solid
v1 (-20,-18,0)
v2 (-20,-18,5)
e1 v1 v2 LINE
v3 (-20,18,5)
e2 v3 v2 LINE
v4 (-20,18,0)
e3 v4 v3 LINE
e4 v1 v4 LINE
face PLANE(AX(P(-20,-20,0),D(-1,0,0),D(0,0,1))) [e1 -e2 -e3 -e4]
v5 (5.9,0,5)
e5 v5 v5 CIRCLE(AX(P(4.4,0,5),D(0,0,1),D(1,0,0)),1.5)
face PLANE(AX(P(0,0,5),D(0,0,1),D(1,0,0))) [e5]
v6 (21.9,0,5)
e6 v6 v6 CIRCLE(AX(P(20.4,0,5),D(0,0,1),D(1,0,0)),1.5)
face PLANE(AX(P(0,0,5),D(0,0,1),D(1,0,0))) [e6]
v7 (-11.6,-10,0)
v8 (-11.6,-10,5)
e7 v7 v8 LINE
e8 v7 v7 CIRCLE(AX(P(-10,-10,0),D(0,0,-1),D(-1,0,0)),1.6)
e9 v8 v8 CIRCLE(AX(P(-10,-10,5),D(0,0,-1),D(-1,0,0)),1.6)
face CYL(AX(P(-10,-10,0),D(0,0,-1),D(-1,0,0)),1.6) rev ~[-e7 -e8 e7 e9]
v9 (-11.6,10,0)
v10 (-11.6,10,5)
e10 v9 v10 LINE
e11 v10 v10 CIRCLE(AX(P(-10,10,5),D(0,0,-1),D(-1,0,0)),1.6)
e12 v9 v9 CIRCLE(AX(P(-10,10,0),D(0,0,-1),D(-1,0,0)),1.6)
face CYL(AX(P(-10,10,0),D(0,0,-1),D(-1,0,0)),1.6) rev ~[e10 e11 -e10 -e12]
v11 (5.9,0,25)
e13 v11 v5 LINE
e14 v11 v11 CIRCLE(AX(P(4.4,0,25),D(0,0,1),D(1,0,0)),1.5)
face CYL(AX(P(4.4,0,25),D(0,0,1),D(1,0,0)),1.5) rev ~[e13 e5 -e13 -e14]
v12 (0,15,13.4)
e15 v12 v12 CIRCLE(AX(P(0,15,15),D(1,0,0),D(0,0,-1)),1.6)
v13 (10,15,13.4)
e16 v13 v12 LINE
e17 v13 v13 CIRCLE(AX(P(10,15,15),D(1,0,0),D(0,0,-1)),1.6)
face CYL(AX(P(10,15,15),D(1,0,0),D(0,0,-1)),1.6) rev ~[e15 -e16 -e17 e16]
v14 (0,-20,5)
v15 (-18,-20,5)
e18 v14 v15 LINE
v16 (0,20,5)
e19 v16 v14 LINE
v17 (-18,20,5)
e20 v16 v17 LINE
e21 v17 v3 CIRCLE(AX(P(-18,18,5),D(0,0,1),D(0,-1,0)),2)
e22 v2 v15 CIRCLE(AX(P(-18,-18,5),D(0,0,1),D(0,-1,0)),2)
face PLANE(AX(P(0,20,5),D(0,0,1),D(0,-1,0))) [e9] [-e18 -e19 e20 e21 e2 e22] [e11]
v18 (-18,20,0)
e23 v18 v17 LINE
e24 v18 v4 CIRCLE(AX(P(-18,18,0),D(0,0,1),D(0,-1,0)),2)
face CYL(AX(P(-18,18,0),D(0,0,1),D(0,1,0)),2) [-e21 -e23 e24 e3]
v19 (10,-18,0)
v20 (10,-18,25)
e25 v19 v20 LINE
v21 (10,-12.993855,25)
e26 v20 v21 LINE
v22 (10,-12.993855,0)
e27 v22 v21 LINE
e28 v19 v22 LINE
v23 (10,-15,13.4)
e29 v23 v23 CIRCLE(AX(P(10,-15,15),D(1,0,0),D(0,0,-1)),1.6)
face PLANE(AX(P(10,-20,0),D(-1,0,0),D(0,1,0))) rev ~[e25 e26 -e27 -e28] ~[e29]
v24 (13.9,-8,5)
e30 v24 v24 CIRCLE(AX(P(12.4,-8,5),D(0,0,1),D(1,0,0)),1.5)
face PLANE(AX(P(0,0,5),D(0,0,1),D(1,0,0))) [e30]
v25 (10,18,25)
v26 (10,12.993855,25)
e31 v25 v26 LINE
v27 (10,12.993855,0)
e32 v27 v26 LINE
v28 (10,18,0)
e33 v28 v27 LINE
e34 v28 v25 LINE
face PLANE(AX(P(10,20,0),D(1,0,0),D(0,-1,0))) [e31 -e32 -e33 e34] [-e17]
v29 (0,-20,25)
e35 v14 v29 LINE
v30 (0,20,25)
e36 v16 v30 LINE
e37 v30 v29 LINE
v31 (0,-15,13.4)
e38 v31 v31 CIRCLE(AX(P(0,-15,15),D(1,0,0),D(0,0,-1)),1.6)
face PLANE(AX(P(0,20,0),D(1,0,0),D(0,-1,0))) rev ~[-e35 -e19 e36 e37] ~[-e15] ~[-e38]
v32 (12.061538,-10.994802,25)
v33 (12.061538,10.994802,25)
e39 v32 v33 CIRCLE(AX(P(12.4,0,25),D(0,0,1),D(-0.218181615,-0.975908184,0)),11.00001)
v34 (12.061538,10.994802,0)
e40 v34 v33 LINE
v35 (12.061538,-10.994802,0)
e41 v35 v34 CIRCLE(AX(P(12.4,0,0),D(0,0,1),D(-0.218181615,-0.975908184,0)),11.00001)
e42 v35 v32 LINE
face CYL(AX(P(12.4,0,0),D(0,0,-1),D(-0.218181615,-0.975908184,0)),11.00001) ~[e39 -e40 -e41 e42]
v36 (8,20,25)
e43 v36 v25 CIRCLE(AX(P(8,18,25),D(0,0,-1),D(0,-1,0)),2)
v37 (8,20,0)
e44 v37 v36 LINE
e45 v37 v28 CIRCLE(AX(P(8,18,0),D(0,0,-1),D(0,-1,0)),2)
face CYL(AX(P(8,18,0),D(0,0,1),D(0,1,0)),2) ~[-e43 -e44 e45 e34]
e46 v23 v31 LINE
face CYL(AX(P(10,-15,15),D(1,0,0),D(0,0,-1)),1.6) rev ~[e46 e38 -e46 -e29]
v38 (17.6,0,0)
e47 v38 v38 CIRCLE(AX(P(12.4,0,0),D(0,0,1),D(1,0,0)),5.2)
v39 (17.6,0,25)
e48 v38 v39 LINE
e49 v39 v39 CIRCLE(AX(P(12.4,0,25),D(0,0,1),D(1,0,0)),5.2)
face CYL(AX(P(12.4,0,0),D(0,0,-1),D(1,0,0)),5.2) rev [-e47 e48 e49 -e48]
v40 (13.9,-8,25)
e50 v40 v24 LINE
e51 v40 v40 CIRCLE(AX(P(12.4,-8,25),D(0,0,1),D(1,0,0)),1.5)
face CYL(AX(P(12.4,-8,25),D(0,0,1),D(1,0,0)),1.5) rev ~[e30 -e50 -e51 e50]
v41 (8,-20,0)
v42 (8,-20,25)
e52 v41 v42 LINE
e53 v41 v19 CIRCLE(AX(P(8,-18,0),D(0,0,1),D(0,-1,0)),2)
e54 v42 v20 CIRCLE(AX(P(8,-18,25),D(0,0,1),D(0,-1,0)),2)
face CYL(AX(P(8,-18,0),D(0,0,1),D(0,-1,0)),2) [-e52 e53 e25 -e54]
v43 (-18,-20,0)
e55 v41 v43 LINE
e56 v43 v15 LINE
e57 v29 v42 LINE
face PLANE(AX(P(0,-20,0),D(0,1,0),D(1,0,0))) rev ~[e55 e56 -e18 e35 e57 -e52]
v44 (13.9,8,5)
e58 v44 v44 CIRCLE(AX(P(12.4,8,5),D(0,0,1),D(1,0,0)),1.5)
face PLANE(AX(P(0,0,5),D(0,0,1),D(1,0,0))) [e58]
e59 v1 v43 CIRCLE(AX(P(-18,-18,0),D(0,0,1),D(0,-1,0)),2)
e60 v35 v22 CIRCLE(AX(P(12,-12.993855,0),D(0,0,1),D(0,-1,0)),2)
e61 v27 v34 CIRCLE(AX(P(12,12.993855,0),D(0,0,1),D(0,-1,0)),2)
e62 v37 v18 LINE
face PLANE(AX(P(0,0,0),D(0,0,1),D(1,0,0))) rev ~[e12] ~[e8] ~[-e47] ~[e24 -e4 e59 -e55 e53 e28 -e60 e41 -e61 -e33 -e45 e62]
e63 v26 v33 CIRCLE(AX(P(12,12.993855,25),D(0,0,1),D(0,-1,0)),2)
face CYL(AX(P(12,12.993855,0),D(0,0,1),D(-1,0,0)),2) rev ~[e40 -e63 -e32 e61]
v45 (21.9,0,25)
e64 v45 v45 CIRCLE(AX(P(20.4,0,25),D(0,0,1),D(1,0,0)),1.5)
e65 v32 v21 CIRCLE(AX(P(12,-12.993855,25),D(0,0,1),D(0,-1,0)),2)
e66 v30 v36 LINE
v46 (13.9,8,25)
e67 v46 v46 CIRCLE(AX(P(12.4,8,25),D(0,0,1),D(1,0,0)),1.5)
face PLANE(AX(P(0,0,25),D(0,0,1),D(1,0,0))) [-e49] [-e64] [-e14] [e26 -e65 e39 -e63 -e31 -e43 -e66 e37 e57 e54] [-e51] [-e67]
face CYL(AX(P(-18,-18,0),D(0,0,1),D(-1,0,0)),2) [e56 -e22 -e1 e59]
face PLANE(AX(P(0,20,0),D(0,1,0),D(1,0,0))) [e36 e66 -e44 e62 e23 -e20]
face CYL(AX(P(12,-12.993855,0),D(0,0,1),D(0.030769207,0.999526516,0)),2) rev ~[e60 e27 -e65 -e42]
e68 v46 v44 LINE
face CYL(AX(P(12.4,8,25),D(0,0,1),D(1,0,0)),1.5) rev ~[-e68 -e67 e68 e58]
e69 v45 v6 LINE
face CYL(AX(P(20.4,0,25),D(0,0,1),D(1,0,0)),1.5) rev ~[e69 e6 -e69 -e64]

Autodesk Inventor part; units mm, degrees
ref_plane "YZ Plane" through (0, 0, 0) normal (1, 0, 0) x (0, 1, 0)
ref_plane "XZ Plane" through (0, 0, 0) normal (0, 1, 0) x (-1, 0, 0)
ref_plane "XY Plane" through (0, 0, 0) normal (0, 0, 1) x (1, 0, 0)
sketch "Skizze1" plane through (0, 0, 0) normal (0, 0, 1) x (1, 0, 0)
  line L0 (0, 20) -> (10, 20)
  line L1 (10, 20) -> (10, 10.735)
  arc A0 (10, -10.735) -> (10, 10.735) centre (12.4, 0) ccw
  line L2 (0, 20) -> (0, -20)
  line L3 (0, -20) -> (10, -20)
  line L4 (10, -20) -> (10, -10.735)
  circle A1 centre (12.4, 0) radius 5.2
  point P0 (0, 0)
  dimension "d0" = 10
  dimension "d1" = 40
  dimension "d2" = 10
  dimension "d3" = 11
  dimension "d4" = 0
  dimension "d5" = 20
  dimension "d6" = 10.4
  dimension "d7" = 12.4
extrude "Extrusion1" add sketch "Skizze1" along normal blind 25
sketch "Skizze2" plane through (0, -20, 0) normal (-1, 0, 0) x (0, 0, 1)
  line L0 (0, 0) -> (25, 0) projected
  line L1 (0, 40) -> (5, 40)
  line L2 (5, 40) -> (5, 0)
  line L3 (5, 0) -> (0, 0)
  line L4 (0, 0) -> (0, 40)
  point P0 (0, 20)
  dimension "d10" = 5
extrude "Extrusion2" add sketch "Skizze2" along normal blind 20
sketch "Skizze3" plane through (0, 0, 0) normal (0, 0, -1) x (-1, 0, 0)
  circle A0 centre (10, -10) radius 1.6
  circle A1 centre (10, 10) radius 1.6
  line L0 (-10, -20) -> (20, -20) projected
  line L1 (20, 20) -> (20, -20) projected
  line L2 (20, 20) -> (-10, 20) projected
  point P0 (0, 0)
  dimension "d13" = 3.2
  dimension "d14" = 3.2
  dimension "d15" = 10
  dimension "d16" = 10
  dimension "d17" = 10
  dimension "d18" = 10
extrude "Extrusion3" cut sketch "Skizze3" against normal through all
fillet "Rundung1" radius 2 6 edges at (10, 20, 12.5) (10, 10.735, 12.5) (10, -10.735, 12.5) (10, -20, 12.5) (-20, -20, 2.5) (-20, 20, 2.5)
sketch "Skizze4" plane through (10, -18, 0) normal (1, 0, 0) x (0, 0, -1)
  circle A0 centre (-15, 3) radius 1.6
  circle A1 centre (-15, 33) radius 1.6
  line L0 (-25, -2) -> (0, -2) projected
  line L1 (-25, 0) -> (-25, 5.0062) projected
  line L2 (0, 38) -> (-25, 38) projected
  line L3 (-25, 30.9938) -> (-25, 36) projected
  point P0 (0, 18)
  dimension "d22" = 3.2
  dimension "d23" = 3.2
  dimension "d24" = 5
  dimension "d25" = 10
  dimension "d26" = 5
  dimension "d27" = 10
extrude "Extrusion4" cut sketch "Skizze4" against normal through all
sketch "Skizze5" plane through (0, 0, 25) normal (0, 0, 1) x (1, 0, 0)
  circle A0 centre (4.4, 0) radius 1.5
  circle A1 centre (12.4, 0) radius 5.2 construction
  circle A2 centre (12.4, -8) radius 1.5
  circle A3 centre (20.4, 0) radius 1.5
  circle A4 centre (12.4, 8) radius 1.5
  point P0 (0, 0)
  dimension "d30" = 3
  dimension "d31" = 8
  dimension "d34" = 360
extrude "Extrusion5" cut sketch "Skizze5" against normal blind 20
properties part number "Z nut mount" material "ABS-Kunststoff"
